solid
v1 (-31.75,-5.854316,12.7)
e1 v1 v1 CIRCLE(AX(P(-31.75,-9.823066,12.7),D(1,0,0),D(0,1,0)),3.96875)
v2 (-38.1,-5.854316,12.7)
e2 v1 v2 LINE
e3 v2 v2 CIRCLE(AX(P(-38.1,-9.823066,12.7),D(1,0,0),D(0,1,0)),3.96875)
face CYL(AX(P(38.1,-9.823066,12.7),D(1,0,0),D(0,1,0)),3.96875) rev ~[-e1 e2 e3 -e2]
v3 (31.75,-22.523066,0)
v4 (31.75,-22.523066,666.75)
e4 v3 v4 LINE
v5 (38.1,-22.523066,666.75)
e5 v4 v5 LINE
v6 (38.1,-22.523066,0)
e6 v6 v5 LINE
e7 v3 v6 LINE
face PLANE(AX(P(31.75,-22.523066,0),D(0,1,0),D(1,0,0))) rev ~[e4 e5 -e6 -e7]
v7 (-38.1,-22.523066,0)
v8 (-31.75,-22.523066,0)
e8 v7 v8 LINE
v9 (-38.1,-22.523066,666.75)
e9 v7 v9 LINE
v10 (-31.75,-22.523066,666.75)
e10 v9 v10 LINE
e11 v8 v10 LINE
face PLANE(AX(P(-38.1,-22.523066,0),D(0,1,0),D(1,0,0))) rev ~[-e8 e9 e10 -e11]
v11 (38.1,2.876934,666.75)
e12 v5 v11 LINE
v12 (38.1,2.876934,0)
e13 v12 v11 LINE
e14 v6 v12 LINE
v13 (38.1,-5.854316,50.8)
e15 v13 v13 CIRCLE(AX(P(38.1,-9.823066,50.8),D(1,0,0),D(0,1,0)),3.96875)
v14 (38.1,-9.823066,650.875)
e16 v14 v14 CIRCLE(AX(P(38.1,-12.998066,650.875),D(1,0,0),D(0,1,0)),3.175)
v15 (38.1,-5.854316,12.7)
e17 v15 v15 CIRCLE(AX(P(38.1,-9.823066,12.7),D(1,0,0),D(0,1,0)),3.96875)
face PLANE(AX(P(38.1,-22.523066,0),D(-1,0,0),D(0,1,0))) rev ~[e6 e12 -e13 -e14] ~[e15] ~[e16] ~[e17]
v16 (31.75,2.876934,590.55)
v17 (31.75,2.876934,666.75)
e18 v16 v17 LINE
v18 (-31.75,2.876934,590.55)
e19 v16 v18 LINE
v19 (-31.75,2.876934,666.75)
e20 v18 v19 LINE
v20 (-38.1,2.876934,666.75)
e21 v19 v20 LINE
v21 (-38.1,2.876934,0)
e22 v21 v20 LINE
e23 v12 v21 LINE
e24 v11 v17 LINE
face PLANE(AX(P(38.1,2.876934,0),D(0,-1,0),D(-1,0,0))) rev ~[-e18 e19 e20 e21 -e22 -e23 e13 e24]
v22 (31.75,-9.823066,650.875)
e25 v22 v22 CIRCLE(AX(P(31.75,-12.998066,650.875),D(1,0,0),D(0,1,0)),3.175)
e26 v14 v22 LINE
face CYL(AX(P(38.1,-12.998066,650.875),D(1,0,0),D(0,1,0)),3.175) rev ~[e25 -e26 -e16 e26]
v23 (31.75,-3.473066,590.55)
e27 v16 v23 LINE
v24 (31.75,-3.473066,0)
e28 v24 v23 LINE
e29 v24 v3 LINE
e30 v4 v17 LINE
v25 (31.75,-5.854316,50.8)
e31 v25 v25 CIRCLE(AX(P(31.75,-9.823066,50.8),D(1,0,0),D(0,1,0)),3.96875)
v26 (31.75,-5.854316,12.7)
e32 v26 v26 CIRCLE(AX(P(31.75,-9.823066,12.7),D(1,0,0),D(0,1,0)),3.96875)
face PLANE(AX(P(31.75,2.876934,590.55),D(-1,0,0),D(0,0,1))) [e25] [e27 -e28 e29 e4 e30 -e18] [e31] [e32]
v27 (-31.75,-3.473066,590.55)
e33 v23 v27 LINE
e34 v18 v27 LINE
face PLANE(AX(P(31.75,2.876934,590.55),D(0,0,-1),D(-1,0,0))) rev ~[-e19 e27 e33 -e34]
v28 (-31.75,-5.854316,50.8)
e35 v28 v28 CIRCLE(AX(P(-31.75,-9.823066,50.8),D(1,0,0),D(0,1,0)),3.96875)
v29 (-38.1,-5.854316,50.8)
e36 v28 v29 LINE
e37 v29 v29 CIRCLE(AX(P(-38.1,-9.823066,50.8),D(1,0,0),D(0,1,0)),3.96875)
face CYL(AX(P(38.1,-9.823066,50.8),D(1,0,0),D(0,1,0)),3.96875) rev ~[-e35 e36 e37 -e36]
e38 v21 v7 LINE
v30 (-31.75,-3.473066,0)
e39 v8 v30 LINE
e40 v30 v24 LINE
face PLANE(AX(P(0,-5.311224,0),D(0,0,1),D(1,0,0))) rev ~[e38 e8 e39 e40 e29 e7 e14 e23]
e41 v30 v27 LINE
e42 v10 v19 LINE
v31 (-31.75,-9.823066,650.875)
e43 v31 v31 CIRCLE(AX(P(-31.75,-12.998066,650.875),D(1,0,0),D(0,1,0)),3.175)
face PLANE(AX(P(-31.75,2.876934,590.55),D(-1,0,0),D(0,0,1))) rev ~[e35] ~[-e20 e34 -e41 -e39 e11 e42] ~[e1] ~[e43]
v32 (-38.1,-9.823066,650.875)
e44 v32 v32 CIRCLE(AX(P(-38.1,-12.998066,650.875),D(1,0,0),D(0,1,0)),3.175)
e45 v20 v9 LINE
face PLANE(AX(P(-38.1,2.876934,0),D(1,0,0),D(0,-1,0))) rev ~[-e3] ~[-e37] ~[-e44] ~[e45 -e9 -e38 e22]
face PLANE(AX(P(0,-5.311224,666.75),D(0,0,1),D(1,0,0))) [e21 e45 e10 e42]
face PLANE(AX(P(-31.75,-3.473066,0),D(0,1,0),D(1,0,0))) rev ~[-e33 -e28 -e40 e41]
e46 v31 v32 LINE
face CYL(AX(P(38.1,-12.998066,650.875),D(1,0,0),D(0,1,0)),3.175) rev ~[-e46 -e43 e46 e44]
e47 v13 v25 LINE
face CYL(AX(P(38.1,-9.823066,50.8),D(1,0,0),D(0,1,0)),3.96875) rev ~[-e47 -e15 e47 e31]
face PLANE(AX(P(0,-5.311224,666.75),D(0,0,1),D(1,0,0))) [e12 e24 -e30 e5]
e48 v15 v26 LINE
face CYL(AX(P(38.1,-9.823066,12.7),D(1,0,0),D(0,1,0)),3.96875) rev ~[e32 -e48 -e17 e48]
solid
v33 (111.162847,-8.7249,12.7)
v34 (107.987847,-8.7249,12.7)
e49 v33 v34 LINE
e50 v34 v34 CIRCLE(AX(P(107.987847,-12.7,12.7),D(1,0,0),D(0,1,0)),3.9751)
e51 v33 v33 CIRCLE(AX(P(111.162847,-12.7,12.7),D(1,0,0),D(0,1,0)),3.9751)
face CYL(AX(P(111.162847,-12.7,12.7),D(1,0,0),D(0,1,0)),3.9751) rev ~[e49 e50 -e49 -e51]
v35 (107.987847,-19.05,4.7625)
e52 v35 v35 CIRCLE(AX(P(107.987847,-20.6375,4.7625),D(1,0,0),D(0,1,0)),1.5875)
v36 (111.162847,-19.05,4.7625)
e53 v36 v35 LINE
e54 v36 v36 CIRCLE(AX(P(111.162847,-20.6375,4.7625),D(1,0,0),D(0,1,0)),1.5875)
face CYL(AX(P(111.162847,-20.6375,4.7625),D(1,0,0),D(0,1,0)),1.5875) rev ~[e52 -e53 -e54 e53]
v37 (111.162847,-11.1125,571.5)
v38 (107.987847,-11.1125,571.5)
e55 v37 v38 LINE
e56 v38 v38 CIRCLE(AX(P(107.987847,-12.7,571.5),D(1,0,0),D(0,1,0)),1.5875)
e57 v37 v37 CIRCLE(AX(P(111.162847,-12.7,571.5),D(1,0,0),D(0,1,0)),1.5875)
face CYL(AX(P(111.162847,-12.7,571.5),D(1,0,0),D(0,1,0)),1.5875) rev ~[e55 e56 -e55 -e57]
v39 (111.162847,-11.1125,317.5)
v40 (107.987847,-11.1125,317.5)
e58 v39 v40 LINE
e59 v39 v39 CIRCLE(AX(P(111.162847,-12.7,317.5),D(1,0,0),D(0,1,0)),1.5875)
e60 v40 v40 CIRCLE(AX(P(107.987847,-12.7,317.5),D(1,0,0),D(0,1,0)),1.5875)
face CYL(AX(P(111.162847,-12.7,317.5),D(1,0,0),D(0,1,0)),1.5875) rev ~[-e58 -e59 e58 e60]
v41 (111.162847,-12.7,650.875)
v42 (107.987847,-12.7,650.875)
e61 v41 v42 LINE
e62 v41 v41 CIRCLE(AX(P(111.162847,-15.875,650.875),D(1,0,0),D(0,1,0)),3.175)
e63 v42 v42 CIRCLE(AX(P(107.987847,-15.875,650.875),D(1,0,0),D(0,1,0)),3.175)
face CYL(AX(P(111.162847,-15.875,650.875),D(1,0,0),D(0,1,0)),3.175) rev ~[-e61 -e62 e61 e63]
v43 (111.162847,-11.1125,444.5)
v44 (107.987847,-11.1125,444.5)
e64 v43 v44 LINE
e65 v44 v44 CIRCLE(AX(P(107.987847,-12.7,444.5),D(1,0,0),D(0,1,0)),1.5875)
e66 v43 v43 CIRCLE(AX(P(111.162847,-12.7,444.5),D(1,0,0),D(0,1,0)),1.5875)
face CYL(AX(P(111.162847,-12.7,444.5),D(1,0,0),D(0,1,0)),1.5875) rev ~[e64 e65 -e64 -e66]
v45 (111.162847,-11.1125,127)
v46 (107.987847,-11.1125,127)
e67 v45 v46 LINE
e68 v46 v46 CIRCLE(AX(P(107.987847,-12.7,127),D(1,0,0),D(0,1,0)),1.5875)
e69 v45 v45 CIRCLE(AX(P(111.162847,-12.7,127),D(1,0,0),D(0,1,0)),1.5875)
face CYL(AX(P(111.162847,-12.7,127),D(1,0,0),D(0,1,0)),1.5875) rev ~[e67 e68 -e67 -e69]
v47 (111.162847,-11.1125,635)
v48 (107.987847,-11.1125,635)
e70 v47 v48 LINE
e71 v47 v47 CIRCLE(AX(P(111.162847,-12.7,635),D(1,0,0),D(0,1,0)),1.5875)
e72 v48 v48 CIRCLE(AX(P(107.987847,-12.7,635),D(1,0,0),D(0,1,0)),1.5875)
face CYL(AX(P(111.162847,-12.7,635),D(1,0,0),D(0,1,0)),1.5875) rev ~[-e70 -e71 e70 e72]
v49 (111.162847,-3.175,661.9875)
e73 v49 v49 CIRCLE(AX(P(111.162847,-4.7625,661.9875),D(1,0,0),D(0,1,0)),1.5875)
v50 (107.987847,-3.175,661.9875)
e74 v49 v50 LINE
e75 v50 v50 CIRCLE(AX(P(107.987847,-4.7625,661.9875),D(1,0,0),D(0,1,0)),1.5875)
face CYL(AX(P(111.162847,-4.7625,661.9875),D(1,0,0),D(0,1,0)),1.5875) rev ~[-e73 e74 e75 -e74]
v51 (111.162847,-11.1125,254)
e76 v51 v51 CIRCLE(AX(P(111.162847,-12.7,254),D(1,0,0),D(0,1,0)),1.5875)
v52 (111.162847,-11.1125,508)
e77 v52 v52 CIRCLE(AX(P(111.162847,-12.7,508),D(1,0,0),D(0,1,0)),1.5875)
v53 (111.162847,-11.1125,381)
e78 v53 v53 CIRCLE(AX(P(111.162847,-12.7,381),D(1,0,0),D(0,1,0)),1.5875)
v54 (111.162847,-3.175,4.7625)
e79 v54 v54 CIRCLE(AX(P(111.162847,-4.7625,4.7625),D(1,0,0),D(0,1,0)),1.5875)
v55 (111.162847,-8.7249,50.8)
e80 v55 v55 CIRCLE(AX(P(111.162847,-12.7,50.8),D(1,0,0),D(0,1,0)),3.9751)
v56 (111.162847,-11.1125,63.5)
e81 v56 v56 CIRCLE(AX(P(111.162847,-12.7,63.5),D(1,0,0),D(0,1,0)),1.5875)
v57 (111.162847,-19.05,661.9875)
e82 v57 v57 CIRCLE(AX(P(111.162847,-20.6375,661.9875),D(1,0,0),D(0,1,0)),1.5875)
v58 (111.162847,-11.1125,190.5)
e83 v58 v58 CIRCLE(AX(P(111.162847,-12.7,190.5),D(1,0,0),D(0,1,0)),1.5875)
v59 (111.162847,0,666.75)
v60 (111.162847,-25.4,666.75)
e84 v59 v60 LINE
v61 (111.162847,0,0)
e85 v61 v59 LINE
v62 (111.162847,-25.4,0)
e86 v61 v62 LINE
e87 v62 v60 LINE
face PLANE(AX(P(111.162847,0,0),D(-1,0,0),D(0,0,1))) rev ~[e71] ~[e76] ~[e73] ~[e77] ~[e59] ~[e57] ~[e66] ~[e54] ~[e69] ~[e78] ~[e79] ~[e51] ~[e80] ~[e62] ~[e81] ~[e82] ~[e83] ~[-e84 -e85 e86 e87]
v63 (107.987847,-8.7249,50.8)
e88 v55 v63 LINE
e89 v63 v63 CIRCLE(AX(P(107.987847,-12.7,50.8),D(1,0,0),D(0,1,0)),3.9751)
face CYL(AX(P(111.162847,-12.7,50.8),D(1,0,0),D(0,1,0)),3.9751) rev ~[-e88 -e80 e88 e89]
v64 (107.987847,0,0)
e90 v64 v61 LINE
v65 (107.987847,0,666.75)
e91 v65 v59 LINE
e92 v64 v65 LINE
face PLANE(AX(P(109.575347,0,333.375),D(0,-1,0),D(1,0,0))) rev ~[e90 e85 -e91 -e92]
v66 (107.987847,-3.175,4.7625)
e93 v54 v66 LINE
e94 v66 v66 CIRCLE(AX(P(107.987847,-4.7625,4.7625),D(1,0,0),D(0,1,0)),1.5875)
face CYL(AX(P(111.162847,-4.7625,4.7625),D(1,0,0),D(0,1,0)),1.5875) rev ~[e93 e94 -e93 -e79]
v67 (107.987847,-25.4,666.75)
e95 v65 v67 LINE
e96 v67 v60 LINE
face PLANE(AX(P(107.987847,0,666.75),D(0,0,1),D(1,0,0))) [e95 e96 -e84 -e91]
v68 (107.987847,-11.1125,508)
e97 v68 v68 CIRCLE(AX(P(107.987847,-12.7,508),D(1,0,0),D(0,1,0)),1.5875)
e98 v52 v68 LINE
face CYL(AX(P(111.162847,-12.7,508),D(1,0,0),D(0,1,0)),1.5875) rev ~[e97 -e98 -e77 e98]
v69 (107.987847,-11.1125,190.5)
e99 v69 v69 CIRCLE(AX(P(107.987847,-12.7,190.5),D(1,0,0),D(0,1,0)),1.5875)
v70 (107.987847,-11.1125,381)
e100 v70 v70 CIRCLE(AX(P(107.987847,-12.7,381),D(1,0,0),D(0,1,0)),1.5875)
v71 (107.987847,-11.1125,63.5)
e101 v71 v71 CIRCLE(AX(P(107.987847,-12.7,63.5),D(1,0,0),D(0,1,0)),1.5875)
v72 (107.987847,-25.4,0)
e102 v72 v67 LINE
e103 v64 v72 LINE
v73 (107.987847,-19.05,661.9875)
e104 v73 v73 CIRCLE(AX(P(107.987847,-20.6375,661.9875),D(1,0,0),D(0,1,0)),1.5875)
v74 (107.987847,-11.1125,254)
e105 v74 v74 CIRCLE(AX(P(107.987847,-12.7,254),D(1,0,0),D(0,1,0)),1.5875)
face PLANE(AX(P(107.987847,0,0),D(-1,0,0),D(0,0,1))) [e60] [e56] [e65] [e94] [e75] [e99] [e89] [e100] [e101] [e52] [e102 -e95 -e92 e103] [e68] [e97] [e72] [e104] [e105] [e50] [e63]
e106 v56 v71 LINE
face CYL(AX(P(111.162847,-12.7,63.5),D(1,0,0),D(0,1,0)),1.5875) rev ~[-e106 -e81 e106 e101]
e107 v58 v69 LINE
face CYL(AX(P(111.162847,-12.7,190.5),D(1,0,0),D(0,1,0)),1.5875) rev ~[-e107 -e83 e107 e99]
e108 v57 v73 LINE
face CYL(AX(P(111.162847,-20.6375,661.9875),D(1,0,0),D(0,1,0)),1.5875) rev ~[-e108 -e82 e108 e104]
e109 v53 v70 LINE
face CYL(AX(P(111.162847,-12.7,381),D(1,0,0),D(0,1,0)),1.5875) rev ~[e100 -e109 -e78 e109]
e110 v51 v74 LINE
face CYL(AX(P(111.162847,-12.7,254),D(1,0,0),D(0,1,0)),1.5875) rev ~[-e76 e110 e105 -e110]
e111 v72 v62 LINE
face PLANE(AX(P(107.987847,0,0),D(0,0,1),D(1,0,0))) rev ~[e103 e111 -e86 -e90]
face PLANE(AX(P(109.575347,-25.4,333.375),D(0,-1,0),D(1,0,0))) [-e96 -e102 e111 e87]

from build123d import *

# Parameters (mm, degrees)
F1_DEPTH  = 666.75
F2_R      = 3.96875
F3_DEPTH  = 76.2
F4_R      = 3.175
F5_DEPTH  = 76.2
F6_W      = 63.5
F6_H      = 76.2
F7_DEPTH  = 6.35
F8_W      = 3.175
F8_H      = 666.75
F9_DEPTH  = 25.4
F10_R     = 3.9751
F11_DEPTH = 25.4
F12_R     = 3.175
F13_DEPTH = 25.4
F14_R     = 1.5875
F15_DEPTH = 25.4
F16_R     = 1.5875
F17_DEPTH = 25.4


with BuildPart() as f1:
    # F0 (on Top) → F1 (new body)
    with BuildSketch(Plane.XY):
        Polygon((-38.1, 2.876934), (-38.1, -22.523066), (-31.75, -22.523066), (-31.75, -3.473066), (31.75, -3.473066), (31.75, -22.523066), (38.1, -22.523066), (38.1, 2.876934), align=None)
    extrude(amount=F1_DEPTH)

    # F2 (on face) → F3 (cut, through all)
    with BuildSketch(Plane.YZ.offset(38.1)):
        with Locations((-9.823066, 12.7)):
            Circle(F2_R)
        with Locations((-9.823066, 50.8)):
            Circle(F2_R)
    extrude(amount=-F3_DEPTH, mode=Mode.SUBTRACT)

    # F4 (on face) → F5 (cut, through all)
    with BuildSketch(Plane.YZ.offset(38.1)):
        with Locations((-12.998066, 650.875)):
            Circle(F4_R)
    extrude(amount=-F5_DEPTH, mode=Mode.SUBTRACT)

    # F6 (on face) → F7 (cut, through all)
    with BuildSketch(Plane(origin=(0, 2.876934, 0), x_dir=(-1, 0, 0), z_dir=(0, 1, 0))):
        with Locations((0, 628.65)):
            Rectangle(F6_W, F6_H)
    extrude(amount=-F7_DEPTH, mode=Mode.SUBTRACT)


with BuildPart() as f9:
    # F8 (on Front) → F9 (new body)
    with BuildSketch(Plane.XZ):
        with Locations((109.575347, 333.375)):
            Rectangle(F8_W, F8_H)
    extrude(amount=F9_DEPTH)

    # F10 (on face) → F11 (cut)
    with BuildSketch(Plane.YZ.offset(111.162847)):
        with Locations((-12.7, 12.7)):
            Circle(F10_R)
        with Locations((-12.7, 50.8)):
            Circle(F10_R)
    extrude(amount=-F11_DEPTH, mode=Mode.SUBTRACT)

    # F12 (on face) → F13 (cut)
    with BuildSketch(Plane.YZ.offset(111.162847)):
        with Locations((-15.875, 650.875)):
            Circle(F12_R)
    extrude(amount=-F13_DEPTH, mode=Mode.SUBTRACT)

    # F14 (on face) → F15 (cut)
    with BuildSketch(Plane.YZ.offset(111.162847)):
        with Locations((-20.6375, 4.7625)):
            Circle(F14_R)
        with Locations((-4.7625, 4.7625)):
            Circle(F14_R)
        with Locations((-4.7625, 661.9875)):
            Circle(F14_R)
        with Locations((-20.6375, 661.9875)):
            Circle(F14_R)
    extrude(amount=-F15_DEPTH, mode=Mode.SUBTRACT)

    # F16 (on face) → F17 (cut)
    with BuildSketch(Plane.YZ.offset(111.162847)):
        with Locations((-12.7, 63.5)):
            Circle(F16_R)
        with Locations((-12.7, 127)):
            Circle(F16_R)
        with Locations((-12.7, 190.5)):
            Circle(F16_R)
        with Locations((-12.7, 254)):
            Circle(F16_R)
        with Locations((-12.7, 317.5)):
            Circle(F16_R)
        with Locations((-12.7, 381)):
            Circle(F16_R)
        with Locations((-12.7, 444.5)):
            Circle(F16_R)
        with Locations((-12.7, 508)):
            Circle(F16_R)
        with Locations((-12.7, 571.5)):
            Circle(F16_R)
        with Locations((-12.7, 635)):
            Circle(F16_R)
    extrude(amount=-F17_DEPTH, mode=Mode.SUBTRACT)


solid = Compound([f1.part, f9.part])
